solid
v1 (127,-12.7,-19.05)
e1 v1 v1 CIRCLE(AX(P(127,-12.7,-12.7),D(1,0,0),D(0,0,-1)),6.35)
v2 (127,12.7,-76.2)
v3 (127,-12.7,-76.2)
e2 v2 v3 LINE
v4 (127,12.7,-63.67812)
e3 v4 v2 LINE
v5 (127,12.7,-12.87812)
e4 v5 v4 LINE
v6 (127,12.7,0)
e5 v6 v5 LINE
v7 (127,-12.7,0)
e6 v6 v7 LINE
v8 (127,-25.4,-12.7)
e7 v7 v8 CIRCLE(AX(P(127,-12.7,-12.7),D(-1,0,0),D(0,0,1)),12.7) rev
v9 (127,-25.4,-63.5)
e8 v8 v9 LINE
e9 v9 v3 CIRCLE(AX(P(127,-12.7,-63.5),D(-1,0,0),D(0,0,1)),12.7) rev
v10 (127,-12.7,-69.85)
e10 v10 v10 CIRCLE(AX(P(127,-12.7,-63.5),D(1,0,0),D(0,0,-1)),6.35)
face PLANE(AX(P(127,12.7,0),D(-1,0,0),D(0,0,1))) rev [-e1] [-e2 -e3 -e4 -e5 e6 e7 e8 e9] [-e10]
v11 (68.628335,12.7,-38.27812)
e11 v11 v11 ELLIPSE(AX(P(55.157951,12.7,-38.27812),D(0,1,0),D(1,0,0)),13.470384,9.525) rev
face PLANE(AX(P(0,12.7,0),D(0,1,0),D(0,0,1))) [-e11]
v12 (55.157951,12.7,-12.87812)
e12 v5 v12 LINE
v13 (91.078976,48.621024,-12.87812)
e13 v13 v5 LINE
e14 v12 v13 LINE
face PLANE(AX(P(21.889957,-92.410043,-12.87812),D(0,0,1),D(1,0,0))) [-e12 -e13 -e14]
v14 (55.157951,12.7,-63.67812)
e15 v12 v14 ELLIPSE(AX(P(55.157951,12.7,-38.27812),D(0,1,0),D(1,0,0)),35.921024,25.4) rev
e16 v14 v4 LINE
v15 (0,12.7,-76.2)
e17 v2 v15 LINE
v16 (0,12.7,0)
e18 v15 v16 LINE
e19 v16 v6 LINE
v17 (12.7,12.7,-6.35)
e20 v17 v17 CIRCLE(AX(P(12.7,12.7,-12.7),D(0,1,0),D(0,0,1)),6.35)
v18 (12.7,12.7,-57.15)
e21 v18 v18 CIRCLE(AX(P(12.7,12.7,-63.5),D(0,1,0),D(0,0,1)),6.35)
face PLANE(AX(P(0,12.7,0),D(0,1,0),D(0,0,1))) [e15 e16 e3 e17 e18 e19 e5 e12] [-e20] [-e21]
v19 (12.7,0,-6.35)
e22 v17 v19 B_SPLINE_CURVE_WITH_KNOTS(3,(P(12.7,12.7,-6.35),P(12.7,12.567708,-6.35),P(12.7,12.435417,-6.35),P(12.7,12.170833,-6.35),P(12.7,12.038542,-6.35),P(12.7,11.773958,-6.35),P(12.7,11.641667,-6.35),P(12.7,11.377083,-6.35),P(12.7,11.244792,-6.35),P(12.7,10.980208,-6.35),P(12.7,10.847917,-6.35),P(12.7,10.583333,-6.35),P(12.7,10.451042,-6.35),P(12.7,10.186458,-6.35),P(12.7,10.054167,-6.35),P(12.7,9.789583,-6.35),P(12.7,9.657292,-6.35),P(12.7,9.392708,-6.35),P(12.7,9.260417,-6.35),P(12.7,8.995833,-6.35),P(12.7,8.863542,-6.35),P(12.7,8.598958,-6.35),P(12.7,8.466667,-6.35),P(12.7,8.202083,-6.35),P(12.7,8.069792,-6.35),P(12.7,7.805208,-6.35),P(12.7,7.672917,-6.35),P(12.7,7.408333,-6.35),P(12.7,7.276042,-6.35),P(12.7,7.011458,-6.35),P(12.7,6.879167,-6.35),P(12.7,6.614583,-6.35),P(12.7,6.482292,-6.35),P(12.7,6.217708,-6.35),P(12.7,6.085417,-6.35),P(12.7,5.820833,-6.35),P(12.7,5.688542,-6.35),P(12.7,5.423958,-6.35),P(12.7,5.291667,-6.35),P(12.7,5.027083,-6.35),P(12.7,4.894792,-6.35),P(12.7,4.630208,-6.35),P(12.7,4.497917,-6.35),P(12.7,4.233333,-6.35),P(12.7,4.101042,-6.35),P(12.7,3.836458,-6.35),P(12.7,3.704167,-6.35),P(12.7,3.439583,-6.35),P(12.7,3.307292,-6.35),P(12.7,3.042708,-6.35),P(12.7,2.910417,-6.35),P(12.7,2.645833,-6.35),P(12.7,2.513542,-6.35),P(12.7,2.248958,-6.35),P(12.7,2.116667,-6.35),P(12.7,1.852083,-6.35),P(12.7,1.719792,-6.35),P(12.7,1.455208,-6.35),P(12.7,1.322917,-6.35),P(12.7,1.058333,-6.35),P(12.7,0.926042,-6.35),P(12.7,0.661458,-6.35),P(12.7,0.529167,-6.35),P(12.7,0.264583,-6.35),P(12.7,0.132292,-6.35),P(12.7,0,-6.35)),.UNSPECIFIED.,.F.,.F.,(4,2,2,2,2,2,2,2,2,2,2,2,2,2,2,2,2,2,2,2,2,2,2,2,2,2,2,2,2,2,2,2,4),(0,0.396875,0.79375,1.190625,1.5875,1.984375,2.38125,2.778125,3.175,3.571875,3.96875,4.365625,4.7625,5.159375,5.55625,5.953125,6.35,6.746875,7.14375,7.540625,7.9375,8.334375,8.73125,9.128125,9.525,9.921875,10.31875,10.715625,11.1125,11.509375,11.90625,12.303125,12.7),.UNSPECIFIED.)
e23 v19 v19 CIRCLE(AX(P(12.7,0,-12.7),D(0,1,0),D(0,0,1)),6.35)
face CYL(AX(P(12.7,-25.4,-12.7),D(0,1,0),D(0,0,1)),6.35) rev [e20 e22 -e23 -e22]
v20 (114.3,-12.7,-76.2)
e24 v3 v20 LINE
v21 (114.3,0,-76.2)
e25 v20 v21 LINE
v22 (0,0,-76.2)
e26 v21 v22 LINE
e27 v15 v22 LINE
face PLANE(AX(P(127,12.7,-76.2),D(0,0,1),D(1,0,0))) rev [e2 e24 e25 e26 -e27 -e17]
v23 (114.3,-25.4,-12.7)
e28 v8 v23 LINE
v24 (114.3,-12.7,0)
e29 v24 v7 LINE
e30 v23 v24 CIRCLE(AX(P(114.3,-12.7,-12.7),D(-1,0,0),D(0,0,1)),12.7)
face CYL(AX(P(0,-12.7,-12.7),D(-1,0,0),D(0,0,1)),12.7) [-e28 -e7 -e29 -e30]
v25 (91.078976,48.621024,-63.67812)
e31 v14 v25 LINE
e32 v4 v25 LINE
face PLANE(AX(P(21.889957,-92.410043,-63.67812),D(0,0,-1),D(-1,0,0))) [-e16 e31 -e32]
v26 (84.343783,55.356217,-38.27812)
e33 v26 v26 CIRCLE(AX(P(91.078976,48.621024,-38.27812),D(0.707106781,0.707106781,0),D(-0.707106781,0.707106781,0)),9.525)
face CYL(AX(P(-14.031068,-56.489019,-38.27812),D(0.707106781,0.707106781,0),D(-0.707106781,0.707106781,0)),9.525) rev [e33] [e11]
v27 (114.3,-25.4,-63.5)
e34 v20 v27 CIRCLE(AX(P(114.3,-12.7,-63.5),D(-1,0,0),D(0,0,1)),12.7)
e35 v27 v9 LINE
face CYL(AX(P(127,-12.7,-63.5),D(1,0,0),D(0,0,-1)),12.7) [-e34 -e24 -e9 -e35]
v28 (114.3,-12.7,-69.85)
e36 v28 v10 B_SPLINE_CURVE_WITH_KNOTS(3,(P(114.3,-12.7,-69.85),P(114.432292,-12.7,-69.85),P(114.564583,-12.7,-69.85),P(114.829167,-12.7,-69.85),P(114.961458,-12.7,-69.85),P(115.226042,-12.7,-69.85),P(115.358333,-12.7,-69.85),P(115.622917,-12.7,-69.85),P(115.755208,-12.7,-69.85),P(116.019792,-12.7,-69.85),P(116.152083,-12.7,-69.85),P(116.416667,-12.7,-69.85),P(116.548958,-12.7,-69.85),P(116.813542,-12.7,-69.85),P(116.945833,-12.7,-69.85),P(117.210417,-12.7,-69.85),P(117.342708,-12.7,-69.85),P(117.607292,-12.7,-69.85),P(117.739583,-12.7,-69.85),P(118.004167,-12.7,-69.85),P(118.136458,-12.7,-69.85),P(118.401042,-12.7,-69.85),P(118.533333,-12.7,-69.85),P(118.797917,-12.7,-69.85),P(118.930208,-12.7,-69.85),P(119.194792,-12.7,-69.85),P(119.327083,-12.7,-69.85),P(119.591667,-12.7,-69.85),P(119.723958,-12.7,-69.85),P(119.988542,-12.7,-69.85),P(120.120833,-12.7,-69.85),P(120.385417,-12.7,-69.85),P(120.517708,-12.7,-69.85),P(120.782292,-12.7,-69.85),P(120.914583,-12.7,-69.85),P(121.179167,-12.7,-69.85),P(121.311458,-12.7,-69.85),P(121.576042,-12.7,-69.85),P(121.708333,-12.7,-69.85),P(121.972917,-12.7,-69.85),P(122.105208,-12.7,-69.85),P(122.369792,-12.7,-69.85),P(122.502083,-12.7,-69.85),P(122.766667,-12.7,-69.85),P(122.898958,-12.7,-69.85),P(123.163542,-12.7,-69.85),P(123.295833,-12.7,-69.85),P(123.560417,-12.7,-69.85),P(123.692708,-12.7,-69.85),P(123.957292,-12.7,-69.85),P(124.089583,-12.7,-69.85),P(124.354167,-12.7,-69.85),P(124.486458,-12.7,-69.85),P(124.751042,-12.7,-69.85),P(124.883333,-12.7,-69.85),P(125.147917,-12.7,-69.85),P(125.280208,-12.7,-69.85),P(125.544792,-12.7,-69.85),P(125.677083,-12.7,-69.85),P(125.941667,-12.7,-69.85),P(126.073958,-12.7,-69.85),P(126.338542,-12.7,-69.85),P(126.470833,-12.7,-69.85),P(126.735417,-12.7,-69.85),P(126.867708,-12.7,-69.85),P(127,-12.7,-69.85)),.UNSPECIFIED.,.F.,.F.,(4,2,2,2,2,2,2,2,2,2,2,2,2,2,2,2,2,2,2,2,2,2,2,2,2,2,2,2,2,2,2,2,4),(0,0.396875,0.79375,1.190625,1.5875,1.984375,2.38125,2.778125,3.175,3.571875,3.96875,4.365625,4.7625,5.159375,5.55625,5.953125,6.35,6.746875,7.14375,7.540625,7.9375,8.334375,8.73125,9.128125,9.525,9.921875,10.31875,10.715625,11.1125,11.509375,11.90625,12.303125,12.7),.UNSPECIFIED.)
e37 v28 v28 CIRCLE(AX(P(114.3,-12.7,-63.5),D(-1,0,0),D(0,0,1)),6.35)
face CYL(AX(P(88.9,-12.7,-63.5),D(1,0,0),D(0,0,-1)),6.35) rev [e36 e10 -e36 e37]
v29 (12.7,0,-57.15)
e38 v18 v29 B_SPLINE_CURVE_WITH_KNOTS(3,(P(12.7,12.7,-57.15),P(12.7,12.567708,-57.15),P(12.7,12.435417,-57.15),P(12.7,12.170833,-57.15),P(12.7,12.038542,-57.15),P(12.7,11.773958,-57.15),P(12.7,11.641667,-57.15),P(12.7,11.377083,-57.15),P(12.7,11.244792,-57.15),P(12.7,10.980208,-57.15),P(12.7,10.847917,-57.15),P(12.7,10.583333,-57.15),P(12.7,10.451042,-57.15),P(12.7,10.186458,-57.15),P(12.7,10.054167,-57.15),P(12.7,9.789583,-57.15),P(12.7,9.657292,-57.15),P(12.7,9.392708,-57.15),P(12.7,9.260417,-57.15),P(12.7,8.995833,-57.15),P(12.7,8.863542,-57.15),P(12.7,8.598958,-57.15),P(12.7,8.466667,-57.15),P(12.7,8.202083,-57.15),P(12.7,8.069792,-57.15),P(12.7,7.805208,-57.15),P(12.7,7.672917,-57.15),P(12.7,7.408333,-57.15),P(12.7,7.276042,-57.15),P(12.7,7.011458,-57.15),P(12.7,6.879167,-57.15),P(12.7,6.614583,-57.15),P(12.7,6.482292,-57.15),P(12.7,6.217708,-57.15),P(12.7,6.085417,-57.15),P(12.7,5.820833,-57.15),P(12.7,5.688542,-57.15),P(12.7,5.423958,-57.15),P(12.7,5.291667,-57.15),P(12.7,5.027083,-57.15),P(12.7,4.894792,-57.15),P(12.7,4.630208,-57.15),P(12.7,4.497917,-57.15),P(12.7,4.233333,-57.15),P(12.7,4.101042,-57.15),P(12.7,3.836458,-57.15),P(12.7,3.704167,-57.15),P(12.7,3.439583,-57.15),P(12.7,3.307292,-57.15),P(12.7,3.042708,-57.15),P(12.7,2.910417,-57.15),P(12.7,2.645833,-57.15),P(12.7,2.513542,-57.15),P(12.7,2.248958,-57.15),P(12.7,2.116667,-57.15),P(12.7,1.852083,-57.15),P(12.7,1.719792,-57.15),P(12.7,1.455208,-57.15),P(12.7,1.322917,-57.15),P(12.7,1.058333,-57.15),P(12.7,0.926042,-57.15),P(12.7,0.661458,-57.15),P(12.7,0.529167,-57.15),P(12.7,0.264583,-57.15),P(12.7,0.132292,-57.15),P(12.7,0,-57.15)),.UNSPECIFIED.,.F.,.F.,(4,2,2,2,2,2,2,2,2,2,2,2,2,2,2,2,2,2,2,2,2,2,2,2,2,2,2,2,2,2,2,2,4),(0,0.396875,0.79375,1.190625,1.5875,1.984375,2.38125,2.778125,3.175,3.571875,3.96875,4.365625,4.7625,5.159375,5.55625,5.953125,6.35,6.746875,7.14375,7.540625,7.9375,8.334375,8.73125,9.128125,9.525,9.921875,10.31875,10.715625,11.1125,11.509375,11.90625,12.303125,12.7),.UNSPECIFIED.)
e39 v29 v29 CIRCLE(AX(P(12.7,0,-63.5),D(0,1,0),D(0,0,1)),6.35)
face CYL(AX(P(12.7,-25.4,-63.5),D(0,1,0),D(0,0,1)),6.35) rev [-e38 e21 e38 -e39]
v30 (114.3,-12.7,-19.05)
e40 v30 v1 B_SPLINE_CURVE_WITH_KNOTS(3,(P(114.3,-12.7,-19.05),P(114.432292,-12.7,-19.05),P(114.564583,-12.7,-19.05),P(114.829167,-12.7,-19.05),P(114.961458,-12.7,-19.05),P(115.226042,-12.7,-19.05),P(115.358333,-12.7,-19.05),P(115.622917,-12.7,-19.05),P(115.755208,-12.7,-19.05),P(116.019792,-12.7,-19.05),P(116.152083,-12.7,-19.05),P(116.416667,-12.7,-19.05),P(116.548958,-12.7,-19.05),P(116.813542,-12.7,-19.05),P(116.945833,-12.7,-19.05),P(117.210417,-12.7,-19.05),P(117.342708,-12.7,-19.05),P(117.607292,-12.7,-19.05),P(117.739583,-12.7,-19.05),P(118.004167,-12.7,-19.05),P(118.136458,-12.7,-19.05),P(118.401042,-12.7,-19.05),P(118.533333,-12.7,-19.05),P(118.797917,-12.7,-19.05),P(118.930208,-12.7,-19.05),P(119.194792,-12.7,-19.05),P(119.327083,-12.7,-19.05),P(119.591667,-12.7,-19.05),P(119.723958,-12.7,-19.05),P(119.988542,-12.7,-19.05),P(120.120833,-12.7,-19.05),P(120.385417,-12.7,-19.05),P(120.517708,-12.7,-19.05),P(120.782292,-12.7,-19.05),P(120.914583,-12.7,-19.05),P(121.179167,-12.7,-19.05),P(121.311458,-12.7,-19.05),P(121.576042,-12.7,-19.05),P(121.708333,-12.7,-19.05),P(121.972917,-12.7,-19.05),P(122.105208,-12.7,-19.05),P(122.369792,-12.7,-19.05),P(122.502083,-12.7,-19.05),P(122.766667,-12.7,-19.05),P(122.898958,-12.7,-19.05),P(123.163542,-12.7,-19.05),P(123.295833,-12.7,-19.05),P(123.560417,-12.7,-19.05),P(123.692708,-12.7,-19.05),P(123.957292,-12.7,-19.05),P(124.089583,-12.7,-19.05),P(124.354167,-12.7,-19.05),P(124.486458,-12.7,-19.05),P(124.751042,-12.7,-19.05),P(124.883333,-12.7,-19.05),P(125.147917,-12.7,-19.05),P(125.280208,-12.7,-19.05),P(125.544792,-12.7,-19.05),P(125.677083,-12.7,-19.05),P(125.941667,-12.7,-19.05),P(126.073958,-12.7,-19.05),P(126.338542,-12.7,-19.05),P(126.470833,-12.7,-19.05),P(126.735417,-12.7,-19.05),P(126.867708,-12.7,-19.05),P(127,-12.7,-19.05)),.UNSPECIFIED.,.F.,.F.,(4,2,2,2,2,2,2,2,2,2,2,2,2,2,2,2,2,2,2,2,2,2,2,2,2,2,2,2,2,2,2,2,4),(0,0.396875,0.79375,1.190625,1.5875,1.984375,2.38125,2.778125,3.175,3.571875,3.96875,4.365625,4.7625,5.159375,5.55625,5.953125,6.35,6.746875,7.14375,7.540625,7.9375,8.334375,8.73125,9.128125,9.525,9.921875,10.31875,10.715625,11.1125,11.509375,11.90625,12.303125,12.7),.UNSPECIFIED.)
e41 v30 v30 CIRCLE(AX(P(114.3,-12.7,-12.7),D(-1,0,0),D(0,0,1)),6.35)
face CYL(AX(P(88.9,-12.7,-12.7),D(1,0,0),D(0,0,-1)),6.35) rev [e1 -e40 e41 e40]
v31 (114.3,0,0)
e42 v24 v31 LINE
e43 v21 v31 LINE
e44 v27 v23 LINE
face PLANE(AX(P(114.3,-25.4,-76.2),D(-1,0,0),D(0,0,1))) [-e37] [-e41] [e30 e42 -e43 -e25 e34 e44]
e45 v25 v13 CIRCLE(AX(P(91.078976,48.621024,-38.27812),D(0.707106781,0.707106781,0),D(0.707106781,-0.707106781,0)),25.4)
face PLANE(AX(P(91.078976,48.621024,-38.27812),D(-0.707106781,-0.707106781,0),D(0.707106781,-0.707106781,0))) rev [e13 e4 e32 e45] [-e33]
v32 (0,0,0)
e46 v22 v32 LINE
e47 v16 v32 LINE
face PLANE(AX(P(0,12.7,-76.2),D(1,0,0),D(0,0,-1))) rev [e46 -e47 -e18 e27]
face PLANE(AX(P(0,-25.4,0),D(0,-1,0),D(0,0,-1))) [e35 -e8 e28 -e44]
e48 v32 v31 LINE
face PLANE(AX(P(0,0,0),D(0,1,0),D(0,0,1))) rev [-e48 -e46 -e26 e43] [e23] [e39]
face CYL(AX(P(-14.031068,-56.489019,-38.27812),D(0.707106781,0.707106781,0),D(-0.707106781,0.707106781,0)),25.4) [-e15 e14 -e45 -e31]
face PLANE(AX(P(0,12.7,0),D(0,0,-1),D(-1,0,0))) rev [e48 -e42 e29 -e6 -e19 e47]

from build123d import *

# Parameters (mm, degrees)
SKETCH1_W           = 127
SKETCH1_H           = 76.2
BOSS_EXTRUDE1_DEPTH = 12.7
SKETCH2_W           = 12.7
SKETCH2_H           = 76.2
BOSS_EXTRUDE2_DEPTH = 38.1
FILLET1_R           = 12.7
FILLET2_R           = 12.7
BOSS_EXTRUDE3_REACH = 142.563
SKETCH7_R           = 9.525
SKETCH5_R           = 6.35
CUT_EXTRUDE1_DEPTH  = 38.1
SKETCH8_R           = 6.35
CUT_EXTRUDE2_DEPTH  = 38.1


with BuildPart() as part:
    # Sketch1 → Boss-Extrude1 (new body)
    with BuildSketch(Plane(origin=(0, 0, 0), x_dir=(1, 0, 0), z_dir=(0, 1, 0))):
        with Locations((63.5, 38.1)):
            Rectangle(SKETCH1_W, SKETCH1_H)
    extrude(amount=BOSS_EXTRUDE1_DEPTH)

    # Sketch2 → Boss-Extrude2 (add)
    with BuildSketch(Plane(origin=(0, 12.7, 0), x_dir=(1, 0, 0), z_dir=(0, 1, 0))):
        with Locations((120.65, 38.1)):
            Rectangle(SKETCH2_W, SKETCH2_H)
    extrude(amount=-BOSS_EXTRUDE2_DEPTH)

    # Fillet1
    fillet1_edges = [part.edges().sort_by_distance(p)[0] for p in [
        (120.65, -25.4, 0),
    ]]
    fillet(fillet1_edges, radius=FILLET1_R)

    # Fillet2
    fillet2_edges = [part.edges().sort_by_distance(p)[0] for p in [
        (120.65, -25.4, -76.2),
    ]]
    fillet(fillet2_edges, radius=FILLET2_R)

    # Boss-Extrude3: up to this face of the body (flat: up to its plane)
    boss_extrude3_end = Plane(part.part.faces().sort_by_distance((63.5, 12.7, -38.1))[0])
    # Sketch7 → Boss-Extrude3 (add, up to the picked face)
    with BuildSketch(Plane(origin=(69.85, 69.85, 0), x_dir=(0, 0, -1), z_dir=(0.7071067811865488, 0.7071067811865464, 0)), mode=Mode.PRIVATE) as boss_extrude3_sk1:
        with BuildLine():
            Line((63.678120433, -80.82230509), (12.878120433, -80.82230509))
            Line((12.878120433, -80.82230509), (12.878120433, -30.02230509))
            ThreePointArc((12.878120433, -30.02230509), (38.278120433, -4.62230509), (63.678120433, -30.02230509))
            Line((63.678120433, -30.02230509), (63.678120433, -80.82230509))
        make_face()
        with Locations(Location((38.278120433, -30.02230509, 0), (0, 0, 90))):
            Circle(SKETCH7_R, mode=Mode.SUBTRACT)
    boss_extrude3_tool1 = split(extrude(boss_extrude3_sk1.sketch, amount=-BOSS_EXTRUDE3_REACH, mode=Mode.PRIVATE), bisect_by=boss_extrude3_end, keep=Keep.BOTH, mode=Mode.PRIVATE)
    add(boss_extrude3_tool1.solids().sort_by(Axis((102.751477, 36.948523, -38.27812), (-0.7071067811865488, -0.7071067811865464, 0)))[0])

    # Sketch5 → Cut-Extrude1 (cut)
    with BuildSketch(Plane(origin=(0, 12.7, 0), x_dir=(1, 0, 0), z_dir=(0, 1, 0))):
        with Locations(Location((12.7, 63.5, 0), (0, 0, 270))):
            Circle(SKETCH5_R)
        with Locations(Location((12.7, 12.7, 0), (0, 0, 270))):
            Circle(SKETCH5_R)
    extrude(amount=-CUT_EXTRUDE1_DEPTH, mode=Mode.SUBTRACT)

    # Sketch8 → Cut-Extrude2 (cut)
    with BuildSketch(Plane(origin=(127, 0, 0), x_dir=(0, 0, -1), z_dir=(1, 0, 0))):
        with Locations((12.7, -12.7)):
            Circle(SKETCH8_R)
        with Locations((63.5, -12.7)):
            Circle(SKETCH8_R)
    extrude(amount=-CUT_EXTRUDE2_DEPTH, mode=Mode.SUBTRACT)


solid = part.part
